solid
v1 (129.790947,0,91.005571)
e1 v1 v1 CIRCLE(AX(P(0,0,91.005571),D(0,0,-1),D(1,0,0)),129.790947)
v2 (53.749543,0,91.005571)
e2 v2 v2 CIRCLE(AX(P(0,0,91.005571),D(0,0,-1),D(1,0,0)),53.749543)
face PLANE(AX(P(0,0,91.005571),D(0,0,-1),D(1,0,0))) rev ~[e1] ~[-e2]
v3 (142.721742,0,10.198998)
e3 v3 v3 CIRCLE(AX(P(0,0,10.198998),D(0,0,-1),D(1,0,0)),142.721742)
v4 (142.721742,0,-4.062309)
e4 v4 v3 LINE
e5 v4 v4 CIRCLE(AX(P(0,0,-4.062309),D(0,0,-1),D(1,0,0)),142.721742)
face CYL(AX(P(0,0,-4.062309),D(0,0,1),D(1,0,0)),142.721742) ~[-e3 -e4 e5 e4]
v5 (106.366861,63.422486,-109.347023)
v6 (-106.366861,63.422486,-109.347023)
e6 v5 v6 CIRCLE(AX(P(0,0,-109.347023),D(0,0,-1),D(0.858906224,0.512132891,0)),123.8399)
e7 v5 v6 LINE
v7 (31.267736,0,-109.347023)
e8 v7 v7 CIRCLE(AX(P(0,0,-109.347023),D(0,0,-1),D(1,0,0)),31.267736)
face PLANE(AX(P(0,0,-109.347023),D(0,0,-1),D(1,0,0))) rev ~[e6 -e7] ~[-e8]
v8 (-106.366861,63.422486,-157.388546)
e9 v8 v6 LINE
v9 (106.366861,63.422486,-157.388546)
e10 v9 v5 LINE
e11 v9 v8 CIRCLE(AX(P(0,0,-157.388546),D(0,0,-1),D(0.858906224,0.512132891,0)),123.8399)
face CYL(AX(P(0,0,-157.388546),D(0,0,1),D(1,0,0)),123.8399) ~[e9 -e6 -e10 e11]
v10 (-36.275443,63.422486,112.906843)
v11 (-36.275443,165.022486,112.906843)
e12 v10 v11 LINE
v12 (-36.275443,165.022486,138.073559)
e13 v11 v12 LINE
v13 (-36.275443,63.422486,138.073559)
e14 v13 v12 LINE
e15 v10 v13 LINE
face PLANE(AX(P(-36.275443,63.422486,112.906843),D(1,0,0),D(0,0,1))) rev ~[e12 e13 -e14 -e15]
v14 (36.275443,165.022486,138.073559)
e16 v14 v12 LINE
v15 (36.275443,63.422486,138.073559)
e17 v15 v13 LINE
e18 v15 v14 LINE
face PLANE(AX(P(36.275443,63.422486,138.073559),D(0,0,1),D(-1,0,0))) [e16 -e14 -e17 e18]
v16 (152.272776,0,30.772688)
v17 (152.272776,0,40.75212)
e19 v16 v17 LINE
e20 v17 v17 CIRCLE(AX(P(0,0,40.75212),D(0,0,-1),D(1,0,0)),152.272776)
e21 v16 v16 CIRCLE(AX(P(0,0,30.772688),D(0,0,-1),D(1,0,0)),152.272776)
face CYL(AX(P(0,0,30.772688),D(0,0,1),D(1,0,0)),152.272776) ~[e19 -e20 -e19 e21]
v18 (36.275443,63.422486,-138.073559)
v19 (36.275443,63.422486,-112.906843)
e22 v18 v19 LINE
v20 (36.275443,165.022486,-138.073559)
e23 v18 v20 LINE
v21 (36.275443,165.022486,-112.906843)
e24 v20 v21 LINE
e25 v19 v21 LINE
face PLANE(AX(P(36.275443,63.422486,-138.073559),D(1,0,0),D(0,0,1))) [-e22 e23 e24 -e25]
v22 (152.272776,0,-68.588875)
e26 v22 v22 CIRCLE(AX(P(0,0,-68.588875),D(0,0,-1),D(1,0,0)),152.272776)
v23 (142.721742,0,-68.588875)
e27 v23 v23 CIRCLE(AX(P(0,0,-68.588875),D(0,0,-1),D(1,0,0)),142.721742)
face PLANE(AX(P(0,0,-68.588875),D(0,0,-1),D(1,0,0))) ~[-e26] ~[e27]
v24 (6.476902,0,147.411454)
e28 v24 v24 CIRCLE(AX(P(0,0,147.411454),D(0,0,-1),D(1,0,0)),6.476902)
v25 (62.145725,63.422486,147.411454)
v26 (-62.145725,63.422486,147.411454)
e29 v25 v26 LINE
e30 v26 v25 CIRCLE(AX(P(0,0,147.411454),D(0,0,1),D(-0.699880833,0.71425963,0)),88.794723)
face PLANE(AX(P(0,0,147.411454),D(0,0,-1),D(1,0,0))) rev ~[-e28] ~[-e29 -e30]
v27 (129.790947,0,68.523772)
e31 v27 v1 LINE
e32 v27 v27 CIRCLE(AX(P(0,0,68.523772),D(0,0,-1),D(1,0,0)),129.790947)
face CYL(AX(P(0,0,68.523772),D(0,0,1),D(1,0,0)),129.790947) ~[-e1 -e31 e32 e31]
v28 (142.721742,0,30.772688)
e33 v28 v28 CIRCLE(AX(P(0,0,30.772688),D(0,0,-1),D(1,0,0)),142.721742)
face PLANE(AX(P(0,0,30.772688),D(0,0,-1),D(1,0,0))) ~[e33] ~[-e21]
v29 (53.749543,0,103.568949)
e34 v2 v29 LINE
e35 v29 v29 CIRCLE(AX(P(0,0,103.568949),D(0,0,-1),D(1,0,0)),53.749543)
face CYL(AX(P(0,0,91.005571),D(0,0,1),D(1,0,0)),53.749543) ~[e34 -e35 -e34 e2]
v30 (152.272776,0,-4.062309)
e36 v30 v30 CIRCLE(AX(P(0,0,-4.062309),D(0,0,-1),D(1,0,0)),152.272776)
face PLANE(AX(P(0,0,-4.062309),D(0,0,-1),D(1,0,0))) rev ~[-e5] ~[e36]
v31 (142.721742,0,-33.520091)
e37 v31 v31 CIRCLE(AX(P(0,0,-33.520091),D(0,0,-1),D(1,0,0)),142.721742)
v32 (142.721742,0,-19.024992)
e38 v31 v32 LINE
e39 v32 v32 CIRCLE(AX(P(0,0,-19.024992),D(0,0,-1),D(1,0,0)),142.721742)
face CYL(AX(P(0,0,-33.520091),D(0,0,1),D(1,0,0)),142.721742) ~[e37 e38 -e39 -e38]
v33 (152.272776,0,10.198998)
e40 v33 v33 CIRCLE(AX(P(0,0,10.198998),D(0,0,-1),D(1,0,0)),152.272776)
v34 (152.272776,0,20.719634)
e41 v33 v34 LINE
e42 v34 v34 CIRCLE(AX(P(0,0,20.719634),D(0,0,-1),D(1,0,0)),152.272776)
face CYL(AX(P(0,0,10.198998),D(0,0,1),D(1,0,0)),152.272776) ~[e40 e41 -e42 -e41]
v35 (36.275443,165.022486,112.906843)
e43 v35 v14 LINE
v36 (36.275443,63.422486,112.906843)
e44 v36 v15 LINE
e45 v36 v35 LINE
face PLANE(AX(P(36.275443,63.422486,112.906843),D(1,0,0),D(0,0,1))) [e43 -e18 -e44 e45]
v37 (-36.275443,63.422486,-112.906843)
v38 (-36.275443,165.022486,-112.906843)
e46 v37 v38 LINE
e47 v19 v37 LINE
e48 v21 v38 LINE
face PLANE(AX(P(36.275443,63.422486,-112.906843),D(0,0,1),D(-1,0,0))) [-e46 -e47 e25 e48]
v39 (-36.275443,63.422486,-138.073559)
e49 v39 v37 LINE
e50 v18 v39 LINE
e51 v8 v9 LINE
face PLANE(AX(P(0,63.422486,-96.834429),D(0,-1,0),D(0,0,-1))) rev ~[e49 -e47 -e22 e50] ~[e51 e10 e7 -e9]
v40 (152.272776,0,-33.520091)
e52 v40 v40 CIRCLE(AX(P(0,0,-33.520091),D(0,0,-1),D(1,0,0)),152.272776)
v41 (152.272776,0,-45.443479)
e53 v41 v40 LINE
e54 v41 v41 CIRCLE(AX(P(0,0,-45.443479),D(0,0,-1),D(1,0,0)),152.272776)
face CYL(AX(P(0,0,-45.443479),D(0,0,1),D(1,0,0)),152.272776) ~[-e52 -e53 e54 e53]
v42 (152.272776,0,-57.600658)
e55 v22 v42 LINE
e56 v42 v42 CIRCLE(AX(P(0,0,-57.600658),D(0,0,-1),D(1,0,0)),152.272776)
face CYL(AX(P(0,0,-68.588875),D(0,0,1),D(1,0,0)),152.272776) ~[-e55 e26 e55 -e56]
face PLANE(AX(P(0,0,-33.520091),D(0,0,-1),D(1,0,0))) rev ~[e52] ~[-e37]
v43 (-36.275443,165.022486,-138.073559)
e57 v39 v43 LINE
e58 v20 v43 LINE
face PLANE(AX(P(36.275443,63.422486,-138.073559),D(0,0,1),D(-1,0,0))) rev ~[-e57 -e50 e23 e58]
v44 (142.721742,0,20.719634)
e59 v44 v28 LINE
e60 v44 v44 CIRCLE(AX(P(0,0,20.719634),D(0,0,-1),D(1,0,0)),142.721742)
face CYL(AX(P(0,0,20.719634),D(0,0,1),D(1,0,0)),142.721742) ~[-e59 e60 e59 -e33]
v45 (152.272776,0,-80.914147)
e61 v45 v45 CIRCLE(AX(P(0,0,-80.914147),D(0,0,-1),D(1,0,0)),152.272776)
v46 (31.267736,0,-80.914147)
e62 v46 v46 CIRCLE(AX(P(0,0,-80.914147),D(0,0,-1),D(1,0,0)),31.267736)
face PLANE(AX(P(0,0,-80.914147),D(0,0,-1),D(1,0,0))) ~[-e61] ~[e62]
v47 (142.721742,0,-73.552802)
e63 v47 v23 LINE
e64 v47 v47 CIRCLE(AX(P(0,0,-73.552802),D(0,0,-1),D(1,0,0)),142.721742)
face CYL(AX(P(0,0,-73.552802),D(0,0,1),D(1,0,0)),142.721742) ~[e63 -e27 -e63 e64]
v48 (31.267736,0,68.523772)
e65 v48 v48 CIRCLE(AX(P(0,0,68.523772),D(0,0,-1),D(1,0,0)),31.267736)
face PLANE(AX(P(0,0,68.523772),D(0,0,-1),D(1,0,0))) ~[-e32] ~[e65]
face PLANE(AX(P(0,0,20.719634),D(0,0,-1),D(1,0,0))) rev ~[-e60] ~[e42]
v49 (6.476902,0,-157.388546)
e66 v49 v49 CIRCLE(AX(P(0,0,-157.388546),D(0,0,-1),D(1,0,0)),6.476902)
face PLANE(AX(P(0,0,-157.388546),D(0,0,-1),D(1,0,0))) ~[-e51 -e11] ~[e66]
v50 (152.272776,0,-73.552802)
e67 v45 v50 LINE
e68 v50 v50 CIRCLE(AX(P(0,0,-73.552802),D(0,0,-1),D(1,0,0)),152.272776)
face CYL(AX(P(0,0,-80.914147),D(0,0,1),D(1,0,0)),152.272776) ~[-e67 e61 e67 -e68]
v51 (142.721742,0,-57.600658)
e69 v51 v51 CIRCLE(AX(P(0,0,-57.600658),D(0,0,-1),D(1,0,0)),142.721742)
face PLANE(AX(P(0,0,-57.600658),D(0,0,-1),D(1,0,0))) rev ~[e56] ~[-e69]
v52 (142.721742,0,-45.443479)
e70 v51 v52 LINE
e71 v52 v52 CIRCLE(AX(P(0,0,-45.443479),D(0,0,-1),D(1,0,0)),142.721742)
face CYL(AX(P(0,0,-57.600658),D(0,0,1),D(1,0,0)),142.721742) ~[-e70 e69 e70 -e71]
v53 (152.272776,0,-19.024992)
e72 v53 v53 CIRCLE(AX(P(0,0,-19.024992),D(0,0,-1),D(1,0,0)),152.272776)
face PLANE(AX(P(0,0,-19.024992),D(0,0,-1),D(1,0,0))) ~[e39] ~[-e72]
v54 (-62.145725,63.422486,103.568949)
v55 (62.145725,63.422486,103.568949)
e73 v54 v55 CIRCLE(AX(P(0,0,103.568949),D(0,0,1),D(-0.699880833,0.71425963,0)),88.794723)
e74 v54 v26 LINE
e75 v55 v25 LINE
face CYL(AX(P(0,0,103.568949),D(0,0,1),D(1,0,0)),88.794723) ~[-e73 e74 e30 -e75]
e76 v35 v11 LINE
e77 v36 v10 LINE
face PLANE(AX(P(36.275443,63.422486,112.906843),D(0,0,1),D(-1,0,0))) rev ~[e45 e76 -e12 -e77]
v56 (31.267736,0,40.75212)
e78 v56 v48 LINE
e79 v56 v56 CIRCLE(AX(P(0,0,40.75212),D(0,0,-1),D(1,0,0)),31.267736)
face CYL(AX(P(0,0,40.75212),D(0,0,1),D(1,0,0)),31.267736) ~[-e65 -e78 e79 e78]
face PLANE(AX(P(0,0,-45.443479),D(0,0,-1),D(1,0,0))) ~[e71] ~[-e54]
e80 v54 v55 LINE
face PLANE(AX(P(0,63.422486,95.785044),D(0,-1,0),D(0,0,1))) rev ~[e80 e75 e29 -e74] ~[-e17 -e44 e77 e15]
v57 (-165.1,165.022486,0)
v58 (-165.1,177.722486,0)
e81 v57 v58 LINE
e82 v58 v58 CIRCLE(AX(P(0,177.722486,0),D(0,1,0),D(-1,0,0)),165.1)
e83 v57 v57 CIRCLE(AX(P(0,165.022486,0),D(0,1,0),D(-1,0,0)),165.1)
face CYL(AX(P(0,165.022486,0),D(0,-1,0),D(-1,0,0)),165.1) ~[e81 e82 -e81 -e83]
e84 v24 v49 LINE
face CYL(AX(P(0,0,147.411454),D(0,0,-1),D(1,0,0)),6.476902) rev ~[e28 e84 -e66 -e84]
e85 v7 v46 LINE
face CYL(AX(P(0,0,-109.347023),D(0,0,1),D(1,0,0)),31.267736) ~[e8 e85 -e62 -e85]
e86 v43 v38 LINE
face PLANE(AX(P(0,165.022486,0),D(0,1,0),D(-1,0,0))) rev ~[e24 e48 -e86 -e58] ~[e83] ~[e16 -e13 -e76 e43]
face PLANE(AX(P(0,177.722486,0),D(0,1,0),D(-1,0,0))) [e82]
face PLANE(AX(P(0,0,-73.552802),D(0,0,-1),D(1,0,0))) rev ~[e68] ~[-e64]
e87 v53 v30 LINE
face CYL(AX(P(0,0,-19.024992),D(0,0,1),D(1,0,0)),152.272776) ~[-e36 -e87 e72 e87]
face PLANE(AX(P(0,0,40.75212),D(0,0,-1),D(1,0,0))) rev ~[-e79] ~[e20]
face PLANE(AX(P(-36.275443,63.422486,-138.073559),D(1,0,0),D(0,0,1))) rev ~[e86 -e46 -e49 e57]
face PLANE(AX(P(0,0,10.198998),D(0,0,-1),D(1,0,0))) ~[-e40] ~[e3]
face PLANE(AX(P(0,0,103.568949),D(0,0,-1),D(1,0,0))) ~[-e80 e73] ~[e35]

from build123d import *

# Parameters (mm, degrees)
F2_W     = 95.933378
F2_H     = 103.010424
F3_DEPTH = 127
F4_W     = 72.550886
F4_H     = 25.166716
F5_DEPTH = 101.6
F6_R     = 165.1
F7_DEPTH = 12.7


with BuildPart() as f1:
    # F0 (on Front) → F1 (revolve)
    with BuildSketch(Plane.XZ):
        Polygon((88.794723, 147.411454), (6.476902, 147.411454), (6.476902, -157.388546), (123.8399, -157.388546), (123.8399, -109.347023), (31.267736, -109.347023), (31.267736, -80.914147), (152.272776, -80.914147), (152.272776, -73.552802), (142.721742, -73.552802), (142.721742, -68.588875), (152.272776, -68.588875), (152.272776, -57.600658), (142.721742, -57.600658), (142.721742, -45.443479), (152.272776, -45.443479), (152.272776, -33.520091), (142.721742, -33.520091), (142.721742, -19.024992), (152.272776, -19.024992), (152.272776, -4.062309), (142.721742, -4.062309), (142.721742, 10.198998), (152.272776, 10.198998), (152.272776, 20.719634), (142.721742, 20.719634), (142.721742, 30.772688), (152.272776, 30.772688), (152.272776, 40.75212), (31.267736, 40.75212), (31.267736, 68.523772), (129.790947, 68.523772), (129.790947, 91.005571), (53.749543, 91.005571), (53.749543, 103.568949), (88.794723, 103.568949), align=None)
    revolve(axis=Axis((0, 0, -4.988546), (0, 0, -1)))

    # F2 (on Right) → F3 (cut, symmetric)
    with BuildSketch(Plane.YZ):
        with Locations((111.389175, 147.290256)):
            Rectangle(F2_W, F2_H)
        Polygon((159.355864, -96.834429), (63.422486, -96.834429), (63.422486, -198.305756), (159.355864, -196.701795), align=None)
    extrude(amount=F3_DEPTH, both=True, mode=Mode.SUBTRACT)

    # F4 (on face) → F5 (join)
    with BuildSketch(Plane(origin=(0, 63.422486, 0), x_dir=(-1, 0, 0), z_dir=(0, 1, 0))):
        with Locations((0, 125.490201)):
            Rectangle(F4_W, F4_H)
        with Locations((0, -125.490201)):
            Rectangle(F4_W, F4_H)
    extrude(amount=F5_DEPTH)

    # F6 (on face) → F7 (join)
    with BuildSketch(Plane(origin=(0, 165.022486, 0), x_dir=(-1, 0, 0), z_dir=(0, 1, 0))):
        Circle(F6_R)
    extrude(amount=F7_DEPTH)


solid = f1.part
